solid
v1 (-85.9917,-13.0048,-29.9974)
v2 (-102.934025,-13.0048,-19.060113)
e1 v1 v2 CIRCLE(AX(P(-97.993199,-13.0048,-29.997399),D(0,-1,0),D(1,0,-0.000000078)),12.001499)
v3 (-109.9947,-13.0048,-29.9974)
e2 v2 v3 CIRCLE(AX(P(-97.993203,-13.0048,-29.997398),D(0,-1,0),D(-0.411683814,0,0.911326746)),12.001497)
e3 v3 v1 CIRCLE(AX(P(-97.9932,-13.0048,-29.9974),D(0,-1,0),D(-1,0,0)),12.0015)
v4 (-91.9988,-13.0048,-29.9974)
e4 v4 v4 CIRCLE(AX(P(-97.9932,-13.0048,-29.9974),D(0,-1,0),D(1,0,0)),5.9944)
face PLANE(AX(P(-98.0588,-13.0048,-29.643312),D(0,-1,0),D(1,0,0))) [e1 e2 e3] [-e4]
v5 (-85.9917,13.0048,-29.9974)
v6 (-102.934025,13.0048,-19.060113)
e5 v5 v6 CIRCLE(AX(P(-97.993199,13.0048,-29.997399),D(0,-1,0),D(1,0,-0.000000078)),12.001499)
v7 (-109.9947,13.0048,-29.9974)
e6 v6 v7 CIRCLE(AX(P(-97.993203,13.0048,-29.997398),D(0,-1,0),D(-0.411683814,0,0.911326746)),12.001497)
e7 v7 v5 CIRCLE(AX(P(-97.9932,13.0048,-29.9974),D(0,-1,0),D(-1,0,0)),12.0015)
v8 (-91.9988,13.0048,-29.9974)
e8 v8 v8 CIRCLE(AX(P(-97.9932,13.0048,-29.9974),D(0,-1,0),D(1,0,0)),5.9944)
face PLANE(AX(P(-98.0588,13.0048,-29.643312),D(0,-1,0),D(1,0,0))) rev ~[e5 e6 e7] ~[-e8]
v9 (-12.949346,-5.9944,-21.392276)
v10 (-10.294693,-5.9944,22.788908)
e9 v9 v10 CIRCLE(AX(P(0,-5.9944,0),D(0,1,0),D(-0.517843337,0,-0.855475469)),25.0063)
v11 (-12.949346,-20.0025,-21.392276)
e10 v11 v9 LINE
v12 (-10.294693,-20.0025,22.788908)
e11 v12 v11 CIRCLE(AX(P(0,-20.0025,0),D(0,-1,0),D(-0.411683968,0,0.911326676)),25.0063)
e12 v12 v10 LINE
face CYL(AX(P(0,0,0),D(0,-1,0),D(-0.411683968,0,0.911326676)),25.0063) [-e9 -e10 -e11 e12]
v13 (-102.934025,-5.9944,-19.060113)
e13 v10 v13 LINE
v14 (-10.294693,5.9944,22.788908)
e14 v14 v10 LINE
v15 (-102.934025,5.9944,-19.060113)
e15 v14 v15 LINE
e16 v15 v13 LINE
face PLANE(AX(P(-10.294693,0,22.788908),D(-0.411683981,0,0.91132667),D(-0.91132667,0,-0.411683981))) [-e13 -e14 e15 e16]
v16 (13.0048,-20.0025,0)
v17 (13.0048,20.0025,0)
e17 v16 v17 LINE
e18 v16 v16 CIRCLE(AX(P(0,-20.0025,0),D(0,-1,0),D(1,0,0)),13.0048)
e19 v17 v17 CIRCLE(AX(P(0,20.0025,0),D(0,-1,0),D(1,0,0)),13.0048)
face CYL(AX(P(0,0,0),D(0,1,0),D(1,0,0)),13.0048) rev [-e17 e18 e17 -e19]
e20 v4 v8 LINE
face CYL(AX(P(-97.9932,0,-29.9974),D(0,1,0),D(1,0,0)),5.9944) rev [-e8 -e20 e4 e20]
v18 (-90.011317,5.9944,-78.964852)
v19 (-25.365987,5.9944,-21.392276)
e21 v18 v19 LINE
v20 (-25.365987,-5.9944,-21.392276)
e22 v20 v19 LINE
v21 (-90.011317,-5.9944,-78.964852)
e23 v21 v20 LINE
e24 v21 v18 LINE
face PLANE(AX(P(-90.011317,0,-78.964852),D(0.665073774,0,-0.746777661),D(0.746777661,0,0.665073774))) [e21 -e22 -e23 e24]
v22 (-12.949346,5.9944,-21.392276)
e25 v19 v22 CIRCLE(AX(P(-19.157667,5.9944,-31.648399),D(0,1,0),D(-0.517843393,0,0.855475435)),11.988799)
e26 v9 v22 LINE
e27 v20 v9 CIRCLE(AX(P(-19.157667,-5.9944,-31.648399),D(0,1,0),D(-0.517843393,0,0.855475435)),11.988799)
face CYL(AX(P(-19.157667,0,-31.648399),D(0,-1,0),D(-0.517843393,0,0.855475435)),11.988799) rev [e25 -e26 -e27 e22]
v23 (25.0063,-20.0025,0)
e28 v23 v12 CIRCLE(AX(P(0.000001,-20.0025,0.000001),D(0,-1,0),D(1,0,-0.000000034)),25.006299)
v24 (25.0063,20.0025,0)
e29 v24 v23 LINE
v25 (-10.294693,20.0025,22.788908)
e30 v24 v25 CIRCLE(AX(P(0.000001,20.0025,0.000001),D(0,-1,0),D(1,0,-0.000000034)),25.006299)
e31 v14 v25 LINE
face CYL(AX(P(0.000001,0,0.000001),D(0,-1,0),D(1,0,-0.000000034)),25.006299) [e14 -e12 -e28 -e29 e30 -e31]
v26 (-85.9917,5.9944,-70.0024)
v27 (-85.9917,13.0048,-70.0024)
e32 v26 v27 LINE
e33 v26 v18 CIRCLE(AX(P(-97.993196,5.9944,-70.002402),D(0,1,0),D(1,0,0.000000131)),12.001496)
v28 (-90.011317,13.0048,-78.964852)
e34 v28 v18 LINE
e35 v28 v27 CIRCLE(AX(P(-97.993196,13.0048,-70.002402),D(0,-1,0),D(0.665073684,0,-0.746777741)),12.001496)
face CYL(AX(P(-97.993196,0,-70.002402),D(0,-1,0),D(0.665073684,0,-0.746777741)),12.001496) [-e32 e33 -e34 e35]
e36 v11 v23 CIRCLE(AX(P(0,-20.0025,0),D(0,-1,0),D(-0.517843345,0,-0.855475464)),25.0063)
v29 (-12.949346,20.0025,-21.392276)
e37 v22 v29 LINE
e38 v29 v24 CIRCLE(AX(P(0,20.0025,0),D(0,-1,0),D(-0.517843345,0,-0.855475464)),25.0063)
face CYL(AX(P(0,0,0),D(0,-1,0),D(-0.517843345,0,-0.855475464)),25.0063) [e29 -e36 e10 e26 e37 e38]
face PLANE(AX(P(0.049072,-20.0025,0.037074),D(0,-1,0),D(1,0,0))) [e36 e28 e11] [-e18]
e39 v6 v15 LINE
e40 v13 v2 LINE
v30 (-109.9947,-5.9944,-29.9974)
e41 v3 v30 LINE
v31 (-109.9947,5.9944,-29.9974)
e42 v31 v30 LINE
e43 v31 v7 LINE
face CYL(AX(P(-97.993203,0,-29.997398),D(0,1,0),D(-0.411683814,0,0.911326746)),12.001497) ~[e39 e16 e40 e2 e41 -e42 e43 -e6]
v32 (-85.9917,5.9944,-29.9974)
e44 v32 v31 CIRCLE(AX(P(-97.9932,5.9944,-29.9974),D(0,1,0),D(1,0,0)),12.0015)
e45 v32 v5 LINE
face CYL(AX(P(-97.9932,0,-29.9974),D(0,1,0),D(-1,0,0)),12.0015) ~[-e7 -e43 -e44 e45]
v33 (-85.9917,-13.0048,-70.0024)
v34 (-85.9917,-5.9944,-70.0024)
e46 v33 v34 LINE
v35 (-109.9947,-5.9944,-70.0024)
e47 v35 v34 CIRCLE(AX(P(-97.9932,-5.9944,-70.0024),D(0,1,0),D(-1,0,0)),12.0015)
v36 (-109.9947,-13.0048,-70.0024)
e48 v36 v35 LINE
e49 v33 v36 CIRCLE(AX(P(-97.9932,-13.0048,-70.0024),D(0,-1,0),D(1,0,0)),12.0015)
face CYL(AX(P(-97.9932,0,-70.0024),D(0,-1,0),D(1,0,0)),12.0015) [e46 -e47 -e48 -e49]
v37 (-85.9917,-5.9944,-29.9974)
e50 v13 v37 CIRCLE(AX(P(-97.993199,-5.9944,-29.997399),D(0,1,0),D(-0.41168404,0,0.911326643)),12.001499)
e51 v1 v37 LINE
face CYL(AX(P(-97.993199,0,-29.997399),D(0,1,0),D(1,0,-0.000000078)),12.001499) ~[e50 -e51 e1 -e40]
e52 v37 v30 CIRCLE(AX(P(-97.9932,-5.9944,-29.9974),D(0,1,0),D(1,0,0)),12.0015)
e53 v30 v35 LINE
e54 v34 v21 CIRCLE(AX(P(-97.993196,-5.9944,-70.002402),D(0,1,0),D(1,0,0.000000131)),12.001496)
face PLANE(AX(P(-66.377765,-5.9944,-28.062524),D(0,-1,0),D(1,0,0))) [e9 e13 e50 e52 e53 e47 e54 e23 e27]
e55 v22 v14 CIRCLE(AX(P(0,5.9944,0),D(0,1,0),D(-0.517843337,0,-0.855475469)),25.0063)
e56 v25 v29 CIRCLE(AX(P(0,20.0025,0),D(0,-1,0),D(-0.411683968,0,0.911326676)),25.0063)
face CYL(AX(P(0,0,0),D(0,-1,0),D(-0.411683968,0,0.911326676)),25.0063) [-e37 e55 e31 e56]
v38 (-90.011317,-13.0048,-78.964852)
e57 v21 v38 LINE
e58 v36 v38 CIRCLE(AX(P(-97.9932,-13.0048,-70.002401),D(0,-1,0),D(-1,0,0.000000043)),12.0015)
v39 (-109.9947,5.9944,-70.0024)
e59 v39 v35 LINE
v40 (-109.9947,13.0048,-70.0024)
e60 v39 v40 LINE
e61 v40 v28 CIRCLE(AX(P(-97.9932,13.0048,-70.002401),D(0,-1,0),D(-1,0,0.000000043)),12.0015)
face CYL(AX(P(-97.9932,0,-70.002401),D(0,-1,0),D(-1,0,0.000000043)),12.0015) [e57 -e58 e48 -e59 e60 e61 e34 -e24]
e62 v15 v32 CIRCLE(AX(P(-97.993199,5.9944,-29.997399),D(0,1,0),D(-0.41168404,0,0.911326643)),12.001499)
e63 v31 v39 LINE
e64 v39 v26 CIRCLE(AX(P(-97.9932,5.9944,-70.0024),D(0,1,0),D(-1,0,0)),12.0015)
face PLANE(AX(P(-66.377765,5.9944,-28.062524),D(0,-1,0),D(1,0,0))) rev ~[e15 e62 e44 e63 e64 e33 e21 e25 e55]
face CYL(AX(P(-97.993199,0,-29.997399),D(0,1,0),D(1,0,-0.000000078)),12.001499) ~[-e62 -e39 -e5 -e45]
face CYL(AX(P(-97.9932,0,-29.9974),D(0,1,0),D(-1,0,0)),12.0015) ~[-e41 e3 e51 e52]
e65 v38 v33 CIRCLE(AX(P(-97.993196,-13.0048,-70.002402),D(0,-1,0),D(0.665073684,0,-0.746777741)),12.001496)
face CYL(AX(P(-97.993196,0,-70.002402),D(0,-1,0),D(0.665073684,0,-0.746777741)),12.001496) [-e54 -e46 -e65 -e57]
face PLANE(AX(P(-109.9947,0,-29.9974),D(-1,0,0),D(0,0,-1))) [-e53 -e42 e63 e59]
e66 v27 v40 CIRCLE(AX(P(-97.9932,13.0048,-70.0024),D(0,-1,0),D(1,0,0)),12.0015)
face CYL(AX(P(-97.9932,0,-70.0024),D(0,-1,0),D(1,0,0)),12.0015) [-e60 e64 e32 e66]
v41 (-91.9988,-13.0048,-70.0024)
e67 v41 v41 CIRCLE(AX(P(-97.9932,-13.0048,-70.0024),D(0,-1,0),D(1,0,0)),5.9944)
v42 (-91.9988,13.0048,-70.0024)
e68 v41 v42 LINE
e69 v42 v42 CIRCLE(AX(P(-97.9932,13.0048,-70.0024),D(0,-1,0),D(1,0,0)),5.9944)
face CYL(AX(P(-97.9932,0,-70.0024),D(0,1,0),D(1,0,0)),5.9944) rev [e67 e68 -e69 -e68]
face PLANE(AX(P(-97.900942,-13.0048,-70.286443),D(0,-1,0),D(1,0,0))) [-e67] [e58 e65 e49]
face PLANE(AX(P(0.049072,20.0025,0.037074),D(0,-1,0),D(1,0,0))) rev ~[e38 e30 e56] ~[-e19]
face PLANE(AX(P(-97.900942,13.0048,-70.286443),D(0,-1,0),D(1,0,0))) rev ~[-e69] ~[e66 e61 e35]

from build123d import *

# Parameters (mm, degrees)
F0_R     = 13.0048
F1_DEPTH = 20.0025
F2_DEPTH = 5.9944
F0_R_2   = 5.9944
F3_DEPTH = 13.0048


with BuildPart() as f1:
    # F0 (on Front) → F1 (new body, symmetric)
    with BuildSketch(Plane.XZ):
        with BuildLine():
            ThreePointArc((-12.949346, -21.392276), (12.278025, -21.784516), (25.0063, 0))
            ThreePointArc((25.0063, 0), (13.562501, 21.008894), (-10.294693, 22.788908))
            ThreePointArc((-10.294693, 22.788908), (-24.961282, 1.499814), (-12.949346, -21.392276))
        make_face()
        Circle(F0_R, mode=Mode.SUBTRACT)
    extrude(amount=F1_DEPTH, both=True)

    # F0 (on Front) → F2 (join, symmetric)
    with BuildSketch(Plane.XZ):
        with BuildLine():
            ThreePointArc((-12.949346, -21.392276), (-24.961282, 1.499814), (-10.294693, 22.788908))
            Line((-10.294693, 22.788908), (-102.934025, -19.060113))
            ThreePointArc((-102.934025, -19.060113), (-91.484026, -19.914411), (-85.9917, -29.9974))
            ThreePointArc((-85.9917, -29.9974), (-97.9932, -41.9989), (-109.9947, -29.9974))
            Line((-109.9947, -29.9974), (-109.9947, -70.0024))
            ThreePointArc((-109.9947, -70.0024), (-97.9932, -58.0009), (-85.9917, -70.0024))
            ThreePointArc((-85.9917, -70.0024), (-87.042616, -74.913685), (-90.011317, -78.964852))
            Line((-90.011317, -78.964852), (-25.365987, -21.392276))
            ThreePointArc((-25.365987, -21.392276), (-19.157667, -19.6596), (-12.949346, -21.392276))
        make_face()
    extrude(amount=F2_DEPTH, both=True)

    # F0 (on Front) → F3 (join, symmetric)
    with BuildSketch(Plane.XZ):
        with BuildLine():
            ThreePointArc((-85.9917, -29.9974), (-91.484026, -19.914411), (-102.934025, -19.060113))
            ThreePointArc((-102.934025, -19.060113), (-108.076189, -23.488226), (-109.9947, -29.9974))
            ThreePointArc((-109.9947, -29.9974), (-97.9932, -41.9989), (-85.9917, -29.9974))
        make_face()
        with Locations((-97.9932, -29.9974)):
            Circle(F0_R_2, mode=Mode.SUBTRACT)
        with BuildLine():
            ThreePointArc((-109.9947, -70.0024), (-102.904485, -80.952984), (-90.011317, -78.964852))
            ThreePointArc((-90.011317, -78.964852), (-87.042616, -74.913685), (-85.9917, -70.0024))
            ThreePointArc((-85.9917, -70.0024), (-97.9932, -58.0009), (-109.9947, -70.0024))
        make_face()
        with Locations((-97.9932, -70.0024)):
            Circle(F0_R_2, mode=Mode.SUBTRACT)
    extrude(amount=F3_DEPTH, both=True)


solid = f1.part
